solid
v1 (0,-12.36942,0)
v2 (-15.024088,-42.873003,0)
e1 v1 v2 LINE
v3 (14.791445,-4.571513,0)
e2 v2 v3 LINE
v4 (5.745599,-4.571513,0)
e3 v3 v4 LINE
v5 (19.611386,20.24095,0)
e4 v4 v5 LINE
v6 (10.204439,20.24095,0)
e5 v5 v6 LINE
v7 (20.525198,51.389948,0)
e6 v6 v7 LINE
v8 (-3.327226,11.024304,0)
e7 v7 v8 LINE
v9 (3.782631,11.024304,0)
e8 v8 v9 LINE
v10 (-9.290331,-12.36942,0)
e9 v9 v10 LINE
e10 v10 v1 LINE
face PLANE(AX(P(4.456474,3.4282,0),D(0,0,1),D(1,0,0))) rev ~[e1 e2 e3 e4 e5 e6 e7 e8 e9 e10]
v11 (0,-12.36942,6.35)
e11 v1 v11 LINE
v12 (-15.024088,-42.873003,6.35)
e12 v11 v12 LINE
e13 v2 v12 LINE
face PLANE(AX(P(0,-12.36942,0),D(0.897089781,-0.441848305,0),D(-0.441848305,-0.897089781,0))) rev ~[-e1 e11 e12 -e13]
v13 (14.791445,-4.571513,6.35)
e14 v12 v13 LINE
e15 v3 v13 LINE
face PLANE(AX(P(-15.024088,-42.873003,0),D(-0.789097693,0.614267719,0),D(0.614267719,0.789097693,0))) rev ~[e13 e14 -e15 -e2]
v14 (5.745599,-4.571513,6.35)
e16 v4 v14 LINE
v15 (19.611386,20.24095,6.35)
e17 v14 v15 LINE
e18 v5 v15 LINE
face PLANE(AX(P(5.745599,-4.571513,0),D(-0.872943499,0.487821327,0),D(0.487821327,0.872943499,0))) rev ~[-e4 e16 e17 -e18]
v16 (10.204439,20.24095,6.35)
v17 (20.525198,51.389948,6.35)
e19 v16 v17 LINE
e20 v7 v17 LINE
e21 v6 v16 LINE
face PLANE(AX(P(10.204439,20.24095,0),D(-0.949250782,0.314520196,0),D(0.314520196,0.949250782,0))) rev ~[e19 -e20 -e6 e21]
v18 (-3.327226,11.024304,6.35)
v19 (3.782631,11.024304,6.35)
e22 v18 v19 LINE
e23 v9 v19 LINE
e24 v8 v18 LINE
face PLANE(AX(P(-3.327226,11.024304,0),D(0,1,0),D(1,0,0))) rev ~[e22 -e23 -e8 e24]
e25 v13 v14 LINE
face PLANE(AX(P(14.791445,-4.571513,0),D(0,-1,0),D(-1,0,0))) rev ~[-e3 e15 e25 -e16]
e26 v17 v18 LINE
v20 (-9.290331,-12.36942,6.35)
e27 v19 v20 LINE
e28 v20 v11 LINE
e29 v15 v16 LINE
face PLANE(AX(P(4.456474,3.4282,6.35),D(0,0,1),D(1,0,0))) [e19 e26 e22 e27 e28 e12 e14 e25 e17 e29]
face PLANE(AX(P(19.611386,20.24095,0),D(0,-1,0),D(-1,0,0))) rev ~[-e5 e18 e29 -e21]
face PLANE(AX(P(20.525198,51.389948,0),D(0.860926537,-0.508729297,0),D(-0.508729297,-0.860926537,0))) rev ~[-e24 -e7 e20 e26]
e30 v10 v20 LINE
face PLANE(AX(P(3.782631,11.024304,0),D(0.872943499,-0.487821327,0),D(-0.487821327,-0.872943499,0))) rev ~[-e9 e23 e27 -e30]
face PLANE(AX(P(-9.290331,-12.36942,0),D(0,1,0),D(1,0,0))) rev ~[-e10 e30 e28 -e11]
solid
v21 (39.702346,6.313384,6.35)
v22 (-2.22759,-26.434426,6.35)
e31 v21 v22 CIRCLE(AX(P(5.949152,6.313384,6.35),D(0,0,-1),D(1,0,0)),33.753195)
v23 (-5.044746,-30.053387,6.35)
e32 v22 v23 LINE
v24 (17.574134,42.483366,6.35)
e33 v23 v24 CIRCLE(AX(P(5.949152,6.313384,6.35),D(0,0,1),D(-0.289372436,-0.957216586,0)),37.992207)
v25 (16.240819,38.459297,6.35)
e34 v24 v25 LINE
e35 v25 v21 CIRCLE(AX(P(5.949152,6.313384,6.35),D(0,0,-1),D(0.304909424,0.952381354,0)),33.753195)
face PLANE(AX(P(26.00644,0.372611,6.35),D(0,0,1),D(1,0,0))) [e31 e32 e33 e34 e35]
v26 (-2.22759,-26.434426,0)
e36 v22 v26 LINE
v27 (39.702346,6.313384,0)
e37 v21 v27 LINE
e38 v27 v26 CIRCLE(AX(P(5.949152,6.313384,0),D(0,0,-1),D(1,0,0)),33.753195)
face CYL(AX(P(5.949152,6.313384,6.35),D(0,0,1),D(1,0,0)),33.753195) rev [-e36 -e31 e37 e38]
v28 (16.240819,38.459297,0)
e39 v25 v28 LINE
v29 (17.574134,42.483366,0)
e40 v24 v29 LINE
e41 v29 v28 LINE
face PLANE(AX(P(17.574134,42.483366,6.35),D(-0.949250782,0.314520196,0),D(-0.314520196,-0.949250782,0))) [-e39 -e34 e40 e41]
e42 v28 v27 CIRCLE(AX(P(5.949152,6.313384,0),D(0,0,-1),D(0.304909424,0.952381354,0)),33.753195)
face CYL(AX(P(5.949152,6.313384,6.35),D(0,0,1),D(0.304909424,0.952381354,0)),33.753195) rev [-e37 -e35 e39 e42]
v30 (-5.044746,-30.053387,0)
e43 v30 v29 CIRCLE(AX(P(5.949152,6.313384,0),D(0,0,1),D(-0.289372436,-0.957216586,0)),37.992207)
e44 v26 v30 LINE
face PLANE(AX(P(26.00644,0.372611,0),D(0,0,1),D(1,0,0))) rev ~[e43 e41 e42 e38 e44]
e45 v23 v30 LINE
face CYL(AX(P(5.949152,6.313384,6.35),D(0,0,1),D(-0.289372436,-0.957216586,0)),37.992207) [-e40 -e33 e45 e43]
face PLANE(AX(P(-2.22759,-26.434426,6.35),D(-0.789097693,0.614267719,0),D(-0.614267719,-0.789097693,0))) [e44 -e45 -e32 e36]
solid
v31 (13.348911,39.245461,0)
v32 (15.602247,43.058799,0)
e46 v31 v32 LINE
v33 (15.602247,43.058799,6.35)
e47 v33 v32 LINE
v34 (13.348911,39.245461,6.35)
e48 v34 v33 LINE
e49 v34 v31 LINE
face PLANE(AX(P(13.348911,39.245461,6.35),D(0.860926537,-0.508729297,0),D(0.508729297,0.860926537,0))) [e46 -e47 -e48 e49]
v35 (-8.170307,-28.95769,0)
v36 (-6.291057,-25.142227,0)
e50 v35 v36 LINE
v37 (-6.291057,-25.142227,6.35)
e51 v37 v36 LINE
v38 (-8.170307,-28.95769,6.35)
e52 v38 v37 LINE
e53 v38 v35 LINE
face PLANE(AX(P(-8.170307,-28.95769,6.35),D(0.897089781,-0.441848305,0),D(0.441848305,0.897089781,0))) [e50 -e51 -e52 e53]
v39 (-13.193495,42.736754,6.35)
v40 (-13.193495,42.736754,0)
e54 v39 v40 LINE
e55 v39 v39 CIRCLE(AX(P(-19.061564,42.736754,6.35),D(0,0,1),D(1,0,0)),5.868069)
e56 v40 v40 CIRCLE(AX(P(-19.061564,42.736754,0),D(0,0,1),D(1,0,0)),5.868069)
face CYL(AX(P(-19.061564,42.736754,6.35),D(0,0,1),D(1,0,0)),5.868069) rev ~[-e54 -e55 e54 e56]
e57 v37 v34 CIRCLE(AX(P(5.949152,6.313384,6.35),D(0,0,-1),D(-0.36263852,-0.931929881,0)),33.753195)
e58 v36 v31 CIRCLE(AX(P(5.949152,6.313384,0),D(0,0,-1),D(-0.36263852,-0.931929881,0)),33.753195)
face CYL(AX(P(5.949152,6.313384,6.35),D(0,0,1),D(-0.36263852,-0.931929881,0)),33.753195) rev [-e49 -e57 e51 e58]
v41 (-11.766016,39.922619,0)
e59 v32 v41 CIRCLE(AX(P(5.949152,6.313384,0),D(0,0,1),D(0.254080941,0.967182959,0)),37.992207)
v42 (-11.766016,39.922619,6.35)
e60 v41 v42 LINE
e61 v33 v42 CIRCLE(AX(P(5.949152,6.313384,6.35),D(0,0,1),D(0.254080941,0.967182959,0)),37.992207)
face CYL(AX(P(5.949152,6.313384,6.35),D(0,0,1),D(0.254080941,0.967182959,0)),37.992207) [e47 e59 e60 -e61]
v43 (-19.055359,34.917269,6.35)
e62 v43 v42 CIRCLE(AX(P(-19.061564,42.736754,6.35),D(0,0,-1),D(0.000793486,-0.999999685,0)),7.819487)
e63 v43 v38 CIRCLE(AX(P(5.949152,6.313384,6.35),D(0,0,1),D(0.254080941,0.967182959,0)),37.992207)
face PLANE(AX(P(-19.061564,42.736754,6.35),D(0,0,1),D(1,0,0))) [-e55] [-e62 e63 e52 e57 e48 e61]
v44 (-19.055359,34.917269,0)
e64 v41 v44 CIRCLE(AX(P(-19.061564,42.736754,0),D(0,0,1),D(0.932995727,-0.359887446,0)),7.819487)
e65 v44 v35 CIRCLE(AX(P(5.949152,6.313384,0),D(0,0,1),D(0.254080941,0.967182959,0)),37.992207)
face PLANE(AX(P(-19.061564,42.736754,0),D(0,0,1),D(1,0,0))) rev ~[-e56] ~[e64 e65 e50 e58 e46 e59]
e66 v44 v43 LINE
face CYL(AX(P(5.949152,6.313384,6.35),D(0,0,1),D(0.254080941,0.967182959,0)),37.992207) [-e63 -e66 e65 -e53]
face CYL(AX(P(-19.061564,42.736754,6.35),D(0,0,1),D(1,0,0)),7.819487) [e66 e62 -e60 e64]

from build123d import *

# Parameters (mm, degrees)
F1_DEPTH = 6.35
F3_DEPTH = 6.35
F4_R     = 7.8194869238
F4_R_2   = 5.8680689484
F5_DEPTH = 6.35


with BuildPart() as f1:
    # F0 (on Top) → F1 (new body)
    with BuildSketch(Plane.XY):
        Polygon((10.2044390514, 20.2409497), (20.5251984298, 51.3899475336), (-3.3272264991, 11.0243037343), (3.7826313637, 11.0243037343), (-9.2903310433, -12.3694203794), (0, -12.3694203794), (-15.0240883231, -42.8730025887), (14.7914448753, -4.5715132728), (5.745598625, -4.5715132728), (19.6113856238, 20.2409497), align=None)
    extrude(amount=F1_DEPTH)


with BuildPart() as f3:
    # F2 (on face) → F3 (new body)
    with BuildSketch(Plane.XY.offset(6.35)):
        with BuildLine():
            ThreePointArc((-6.2910568685, -25.142226705), (-26.3355362631, 16.1610780131), (13.3489113778, 39.2454612683))
            Line((13.3489113778, 39.2454612683), (15.6022474373, 43.0587993675))
            ThreePointArc((15.6022474373, 43.0587993675), (-30.1282761074, 18.2224985015), (-8.1703070611, -28.9576903466))
            Line((-8.1703070611, -28.9576903466), (-6.2910568685, -25.142226705))
        make_face()
    extrude(amount=-F3_DEPTH)

    # F4 (on face) → F5 (join)
    with BuildSketch(Plane.XY.offset(6.35)):
        with Locations((-19.0615635365, 42.7367538214)):
            Circle(F4_R)
        with Locations((-19.0615635365, 42.7367538214)):
            Circle(F4_R_2, mode=Mode.SUBTRACT)
    extrude(amount=-F5_DEPTH)


with BuildPart() as f3b:
    # F2 (on face) → F3, piece 2 (new body)
    with BuildSketch(Plane.XY.offset(6.35)):
        with BuildLine():
            ThreePointArc((16.2408188754, 38.4592973202), (33.2131829481, 26.2118953895), (39.7023464178, 6.3133840449))
            ThreePointArc((39.7023464178, 6.3133840449), (26.7251834492, -20.2880192706), (-2.2275902486, -26.4344257227))
            Line((-2.2275902486, -26.4344257227), (-5.0447458233, -30.0533868002))
            ThreePointArc((-5.0447458233, -30.0533868002), (28.5956235275, -24.1914535774), (43.9413588571, 6.3133840449))
            ThreePointArc((43.9413588571, 6.3133840449), (36.6498565452, 28.693610287), (17.57413441, 42.4833658191))
            Line((17.57413441, 42.4833658191), (16.2408188754, 38.4592973202))
        make_face()
    extrude(amount=-F3_DEPTH)


solid = Compound([f1.part, f3.part, f3b.part])
